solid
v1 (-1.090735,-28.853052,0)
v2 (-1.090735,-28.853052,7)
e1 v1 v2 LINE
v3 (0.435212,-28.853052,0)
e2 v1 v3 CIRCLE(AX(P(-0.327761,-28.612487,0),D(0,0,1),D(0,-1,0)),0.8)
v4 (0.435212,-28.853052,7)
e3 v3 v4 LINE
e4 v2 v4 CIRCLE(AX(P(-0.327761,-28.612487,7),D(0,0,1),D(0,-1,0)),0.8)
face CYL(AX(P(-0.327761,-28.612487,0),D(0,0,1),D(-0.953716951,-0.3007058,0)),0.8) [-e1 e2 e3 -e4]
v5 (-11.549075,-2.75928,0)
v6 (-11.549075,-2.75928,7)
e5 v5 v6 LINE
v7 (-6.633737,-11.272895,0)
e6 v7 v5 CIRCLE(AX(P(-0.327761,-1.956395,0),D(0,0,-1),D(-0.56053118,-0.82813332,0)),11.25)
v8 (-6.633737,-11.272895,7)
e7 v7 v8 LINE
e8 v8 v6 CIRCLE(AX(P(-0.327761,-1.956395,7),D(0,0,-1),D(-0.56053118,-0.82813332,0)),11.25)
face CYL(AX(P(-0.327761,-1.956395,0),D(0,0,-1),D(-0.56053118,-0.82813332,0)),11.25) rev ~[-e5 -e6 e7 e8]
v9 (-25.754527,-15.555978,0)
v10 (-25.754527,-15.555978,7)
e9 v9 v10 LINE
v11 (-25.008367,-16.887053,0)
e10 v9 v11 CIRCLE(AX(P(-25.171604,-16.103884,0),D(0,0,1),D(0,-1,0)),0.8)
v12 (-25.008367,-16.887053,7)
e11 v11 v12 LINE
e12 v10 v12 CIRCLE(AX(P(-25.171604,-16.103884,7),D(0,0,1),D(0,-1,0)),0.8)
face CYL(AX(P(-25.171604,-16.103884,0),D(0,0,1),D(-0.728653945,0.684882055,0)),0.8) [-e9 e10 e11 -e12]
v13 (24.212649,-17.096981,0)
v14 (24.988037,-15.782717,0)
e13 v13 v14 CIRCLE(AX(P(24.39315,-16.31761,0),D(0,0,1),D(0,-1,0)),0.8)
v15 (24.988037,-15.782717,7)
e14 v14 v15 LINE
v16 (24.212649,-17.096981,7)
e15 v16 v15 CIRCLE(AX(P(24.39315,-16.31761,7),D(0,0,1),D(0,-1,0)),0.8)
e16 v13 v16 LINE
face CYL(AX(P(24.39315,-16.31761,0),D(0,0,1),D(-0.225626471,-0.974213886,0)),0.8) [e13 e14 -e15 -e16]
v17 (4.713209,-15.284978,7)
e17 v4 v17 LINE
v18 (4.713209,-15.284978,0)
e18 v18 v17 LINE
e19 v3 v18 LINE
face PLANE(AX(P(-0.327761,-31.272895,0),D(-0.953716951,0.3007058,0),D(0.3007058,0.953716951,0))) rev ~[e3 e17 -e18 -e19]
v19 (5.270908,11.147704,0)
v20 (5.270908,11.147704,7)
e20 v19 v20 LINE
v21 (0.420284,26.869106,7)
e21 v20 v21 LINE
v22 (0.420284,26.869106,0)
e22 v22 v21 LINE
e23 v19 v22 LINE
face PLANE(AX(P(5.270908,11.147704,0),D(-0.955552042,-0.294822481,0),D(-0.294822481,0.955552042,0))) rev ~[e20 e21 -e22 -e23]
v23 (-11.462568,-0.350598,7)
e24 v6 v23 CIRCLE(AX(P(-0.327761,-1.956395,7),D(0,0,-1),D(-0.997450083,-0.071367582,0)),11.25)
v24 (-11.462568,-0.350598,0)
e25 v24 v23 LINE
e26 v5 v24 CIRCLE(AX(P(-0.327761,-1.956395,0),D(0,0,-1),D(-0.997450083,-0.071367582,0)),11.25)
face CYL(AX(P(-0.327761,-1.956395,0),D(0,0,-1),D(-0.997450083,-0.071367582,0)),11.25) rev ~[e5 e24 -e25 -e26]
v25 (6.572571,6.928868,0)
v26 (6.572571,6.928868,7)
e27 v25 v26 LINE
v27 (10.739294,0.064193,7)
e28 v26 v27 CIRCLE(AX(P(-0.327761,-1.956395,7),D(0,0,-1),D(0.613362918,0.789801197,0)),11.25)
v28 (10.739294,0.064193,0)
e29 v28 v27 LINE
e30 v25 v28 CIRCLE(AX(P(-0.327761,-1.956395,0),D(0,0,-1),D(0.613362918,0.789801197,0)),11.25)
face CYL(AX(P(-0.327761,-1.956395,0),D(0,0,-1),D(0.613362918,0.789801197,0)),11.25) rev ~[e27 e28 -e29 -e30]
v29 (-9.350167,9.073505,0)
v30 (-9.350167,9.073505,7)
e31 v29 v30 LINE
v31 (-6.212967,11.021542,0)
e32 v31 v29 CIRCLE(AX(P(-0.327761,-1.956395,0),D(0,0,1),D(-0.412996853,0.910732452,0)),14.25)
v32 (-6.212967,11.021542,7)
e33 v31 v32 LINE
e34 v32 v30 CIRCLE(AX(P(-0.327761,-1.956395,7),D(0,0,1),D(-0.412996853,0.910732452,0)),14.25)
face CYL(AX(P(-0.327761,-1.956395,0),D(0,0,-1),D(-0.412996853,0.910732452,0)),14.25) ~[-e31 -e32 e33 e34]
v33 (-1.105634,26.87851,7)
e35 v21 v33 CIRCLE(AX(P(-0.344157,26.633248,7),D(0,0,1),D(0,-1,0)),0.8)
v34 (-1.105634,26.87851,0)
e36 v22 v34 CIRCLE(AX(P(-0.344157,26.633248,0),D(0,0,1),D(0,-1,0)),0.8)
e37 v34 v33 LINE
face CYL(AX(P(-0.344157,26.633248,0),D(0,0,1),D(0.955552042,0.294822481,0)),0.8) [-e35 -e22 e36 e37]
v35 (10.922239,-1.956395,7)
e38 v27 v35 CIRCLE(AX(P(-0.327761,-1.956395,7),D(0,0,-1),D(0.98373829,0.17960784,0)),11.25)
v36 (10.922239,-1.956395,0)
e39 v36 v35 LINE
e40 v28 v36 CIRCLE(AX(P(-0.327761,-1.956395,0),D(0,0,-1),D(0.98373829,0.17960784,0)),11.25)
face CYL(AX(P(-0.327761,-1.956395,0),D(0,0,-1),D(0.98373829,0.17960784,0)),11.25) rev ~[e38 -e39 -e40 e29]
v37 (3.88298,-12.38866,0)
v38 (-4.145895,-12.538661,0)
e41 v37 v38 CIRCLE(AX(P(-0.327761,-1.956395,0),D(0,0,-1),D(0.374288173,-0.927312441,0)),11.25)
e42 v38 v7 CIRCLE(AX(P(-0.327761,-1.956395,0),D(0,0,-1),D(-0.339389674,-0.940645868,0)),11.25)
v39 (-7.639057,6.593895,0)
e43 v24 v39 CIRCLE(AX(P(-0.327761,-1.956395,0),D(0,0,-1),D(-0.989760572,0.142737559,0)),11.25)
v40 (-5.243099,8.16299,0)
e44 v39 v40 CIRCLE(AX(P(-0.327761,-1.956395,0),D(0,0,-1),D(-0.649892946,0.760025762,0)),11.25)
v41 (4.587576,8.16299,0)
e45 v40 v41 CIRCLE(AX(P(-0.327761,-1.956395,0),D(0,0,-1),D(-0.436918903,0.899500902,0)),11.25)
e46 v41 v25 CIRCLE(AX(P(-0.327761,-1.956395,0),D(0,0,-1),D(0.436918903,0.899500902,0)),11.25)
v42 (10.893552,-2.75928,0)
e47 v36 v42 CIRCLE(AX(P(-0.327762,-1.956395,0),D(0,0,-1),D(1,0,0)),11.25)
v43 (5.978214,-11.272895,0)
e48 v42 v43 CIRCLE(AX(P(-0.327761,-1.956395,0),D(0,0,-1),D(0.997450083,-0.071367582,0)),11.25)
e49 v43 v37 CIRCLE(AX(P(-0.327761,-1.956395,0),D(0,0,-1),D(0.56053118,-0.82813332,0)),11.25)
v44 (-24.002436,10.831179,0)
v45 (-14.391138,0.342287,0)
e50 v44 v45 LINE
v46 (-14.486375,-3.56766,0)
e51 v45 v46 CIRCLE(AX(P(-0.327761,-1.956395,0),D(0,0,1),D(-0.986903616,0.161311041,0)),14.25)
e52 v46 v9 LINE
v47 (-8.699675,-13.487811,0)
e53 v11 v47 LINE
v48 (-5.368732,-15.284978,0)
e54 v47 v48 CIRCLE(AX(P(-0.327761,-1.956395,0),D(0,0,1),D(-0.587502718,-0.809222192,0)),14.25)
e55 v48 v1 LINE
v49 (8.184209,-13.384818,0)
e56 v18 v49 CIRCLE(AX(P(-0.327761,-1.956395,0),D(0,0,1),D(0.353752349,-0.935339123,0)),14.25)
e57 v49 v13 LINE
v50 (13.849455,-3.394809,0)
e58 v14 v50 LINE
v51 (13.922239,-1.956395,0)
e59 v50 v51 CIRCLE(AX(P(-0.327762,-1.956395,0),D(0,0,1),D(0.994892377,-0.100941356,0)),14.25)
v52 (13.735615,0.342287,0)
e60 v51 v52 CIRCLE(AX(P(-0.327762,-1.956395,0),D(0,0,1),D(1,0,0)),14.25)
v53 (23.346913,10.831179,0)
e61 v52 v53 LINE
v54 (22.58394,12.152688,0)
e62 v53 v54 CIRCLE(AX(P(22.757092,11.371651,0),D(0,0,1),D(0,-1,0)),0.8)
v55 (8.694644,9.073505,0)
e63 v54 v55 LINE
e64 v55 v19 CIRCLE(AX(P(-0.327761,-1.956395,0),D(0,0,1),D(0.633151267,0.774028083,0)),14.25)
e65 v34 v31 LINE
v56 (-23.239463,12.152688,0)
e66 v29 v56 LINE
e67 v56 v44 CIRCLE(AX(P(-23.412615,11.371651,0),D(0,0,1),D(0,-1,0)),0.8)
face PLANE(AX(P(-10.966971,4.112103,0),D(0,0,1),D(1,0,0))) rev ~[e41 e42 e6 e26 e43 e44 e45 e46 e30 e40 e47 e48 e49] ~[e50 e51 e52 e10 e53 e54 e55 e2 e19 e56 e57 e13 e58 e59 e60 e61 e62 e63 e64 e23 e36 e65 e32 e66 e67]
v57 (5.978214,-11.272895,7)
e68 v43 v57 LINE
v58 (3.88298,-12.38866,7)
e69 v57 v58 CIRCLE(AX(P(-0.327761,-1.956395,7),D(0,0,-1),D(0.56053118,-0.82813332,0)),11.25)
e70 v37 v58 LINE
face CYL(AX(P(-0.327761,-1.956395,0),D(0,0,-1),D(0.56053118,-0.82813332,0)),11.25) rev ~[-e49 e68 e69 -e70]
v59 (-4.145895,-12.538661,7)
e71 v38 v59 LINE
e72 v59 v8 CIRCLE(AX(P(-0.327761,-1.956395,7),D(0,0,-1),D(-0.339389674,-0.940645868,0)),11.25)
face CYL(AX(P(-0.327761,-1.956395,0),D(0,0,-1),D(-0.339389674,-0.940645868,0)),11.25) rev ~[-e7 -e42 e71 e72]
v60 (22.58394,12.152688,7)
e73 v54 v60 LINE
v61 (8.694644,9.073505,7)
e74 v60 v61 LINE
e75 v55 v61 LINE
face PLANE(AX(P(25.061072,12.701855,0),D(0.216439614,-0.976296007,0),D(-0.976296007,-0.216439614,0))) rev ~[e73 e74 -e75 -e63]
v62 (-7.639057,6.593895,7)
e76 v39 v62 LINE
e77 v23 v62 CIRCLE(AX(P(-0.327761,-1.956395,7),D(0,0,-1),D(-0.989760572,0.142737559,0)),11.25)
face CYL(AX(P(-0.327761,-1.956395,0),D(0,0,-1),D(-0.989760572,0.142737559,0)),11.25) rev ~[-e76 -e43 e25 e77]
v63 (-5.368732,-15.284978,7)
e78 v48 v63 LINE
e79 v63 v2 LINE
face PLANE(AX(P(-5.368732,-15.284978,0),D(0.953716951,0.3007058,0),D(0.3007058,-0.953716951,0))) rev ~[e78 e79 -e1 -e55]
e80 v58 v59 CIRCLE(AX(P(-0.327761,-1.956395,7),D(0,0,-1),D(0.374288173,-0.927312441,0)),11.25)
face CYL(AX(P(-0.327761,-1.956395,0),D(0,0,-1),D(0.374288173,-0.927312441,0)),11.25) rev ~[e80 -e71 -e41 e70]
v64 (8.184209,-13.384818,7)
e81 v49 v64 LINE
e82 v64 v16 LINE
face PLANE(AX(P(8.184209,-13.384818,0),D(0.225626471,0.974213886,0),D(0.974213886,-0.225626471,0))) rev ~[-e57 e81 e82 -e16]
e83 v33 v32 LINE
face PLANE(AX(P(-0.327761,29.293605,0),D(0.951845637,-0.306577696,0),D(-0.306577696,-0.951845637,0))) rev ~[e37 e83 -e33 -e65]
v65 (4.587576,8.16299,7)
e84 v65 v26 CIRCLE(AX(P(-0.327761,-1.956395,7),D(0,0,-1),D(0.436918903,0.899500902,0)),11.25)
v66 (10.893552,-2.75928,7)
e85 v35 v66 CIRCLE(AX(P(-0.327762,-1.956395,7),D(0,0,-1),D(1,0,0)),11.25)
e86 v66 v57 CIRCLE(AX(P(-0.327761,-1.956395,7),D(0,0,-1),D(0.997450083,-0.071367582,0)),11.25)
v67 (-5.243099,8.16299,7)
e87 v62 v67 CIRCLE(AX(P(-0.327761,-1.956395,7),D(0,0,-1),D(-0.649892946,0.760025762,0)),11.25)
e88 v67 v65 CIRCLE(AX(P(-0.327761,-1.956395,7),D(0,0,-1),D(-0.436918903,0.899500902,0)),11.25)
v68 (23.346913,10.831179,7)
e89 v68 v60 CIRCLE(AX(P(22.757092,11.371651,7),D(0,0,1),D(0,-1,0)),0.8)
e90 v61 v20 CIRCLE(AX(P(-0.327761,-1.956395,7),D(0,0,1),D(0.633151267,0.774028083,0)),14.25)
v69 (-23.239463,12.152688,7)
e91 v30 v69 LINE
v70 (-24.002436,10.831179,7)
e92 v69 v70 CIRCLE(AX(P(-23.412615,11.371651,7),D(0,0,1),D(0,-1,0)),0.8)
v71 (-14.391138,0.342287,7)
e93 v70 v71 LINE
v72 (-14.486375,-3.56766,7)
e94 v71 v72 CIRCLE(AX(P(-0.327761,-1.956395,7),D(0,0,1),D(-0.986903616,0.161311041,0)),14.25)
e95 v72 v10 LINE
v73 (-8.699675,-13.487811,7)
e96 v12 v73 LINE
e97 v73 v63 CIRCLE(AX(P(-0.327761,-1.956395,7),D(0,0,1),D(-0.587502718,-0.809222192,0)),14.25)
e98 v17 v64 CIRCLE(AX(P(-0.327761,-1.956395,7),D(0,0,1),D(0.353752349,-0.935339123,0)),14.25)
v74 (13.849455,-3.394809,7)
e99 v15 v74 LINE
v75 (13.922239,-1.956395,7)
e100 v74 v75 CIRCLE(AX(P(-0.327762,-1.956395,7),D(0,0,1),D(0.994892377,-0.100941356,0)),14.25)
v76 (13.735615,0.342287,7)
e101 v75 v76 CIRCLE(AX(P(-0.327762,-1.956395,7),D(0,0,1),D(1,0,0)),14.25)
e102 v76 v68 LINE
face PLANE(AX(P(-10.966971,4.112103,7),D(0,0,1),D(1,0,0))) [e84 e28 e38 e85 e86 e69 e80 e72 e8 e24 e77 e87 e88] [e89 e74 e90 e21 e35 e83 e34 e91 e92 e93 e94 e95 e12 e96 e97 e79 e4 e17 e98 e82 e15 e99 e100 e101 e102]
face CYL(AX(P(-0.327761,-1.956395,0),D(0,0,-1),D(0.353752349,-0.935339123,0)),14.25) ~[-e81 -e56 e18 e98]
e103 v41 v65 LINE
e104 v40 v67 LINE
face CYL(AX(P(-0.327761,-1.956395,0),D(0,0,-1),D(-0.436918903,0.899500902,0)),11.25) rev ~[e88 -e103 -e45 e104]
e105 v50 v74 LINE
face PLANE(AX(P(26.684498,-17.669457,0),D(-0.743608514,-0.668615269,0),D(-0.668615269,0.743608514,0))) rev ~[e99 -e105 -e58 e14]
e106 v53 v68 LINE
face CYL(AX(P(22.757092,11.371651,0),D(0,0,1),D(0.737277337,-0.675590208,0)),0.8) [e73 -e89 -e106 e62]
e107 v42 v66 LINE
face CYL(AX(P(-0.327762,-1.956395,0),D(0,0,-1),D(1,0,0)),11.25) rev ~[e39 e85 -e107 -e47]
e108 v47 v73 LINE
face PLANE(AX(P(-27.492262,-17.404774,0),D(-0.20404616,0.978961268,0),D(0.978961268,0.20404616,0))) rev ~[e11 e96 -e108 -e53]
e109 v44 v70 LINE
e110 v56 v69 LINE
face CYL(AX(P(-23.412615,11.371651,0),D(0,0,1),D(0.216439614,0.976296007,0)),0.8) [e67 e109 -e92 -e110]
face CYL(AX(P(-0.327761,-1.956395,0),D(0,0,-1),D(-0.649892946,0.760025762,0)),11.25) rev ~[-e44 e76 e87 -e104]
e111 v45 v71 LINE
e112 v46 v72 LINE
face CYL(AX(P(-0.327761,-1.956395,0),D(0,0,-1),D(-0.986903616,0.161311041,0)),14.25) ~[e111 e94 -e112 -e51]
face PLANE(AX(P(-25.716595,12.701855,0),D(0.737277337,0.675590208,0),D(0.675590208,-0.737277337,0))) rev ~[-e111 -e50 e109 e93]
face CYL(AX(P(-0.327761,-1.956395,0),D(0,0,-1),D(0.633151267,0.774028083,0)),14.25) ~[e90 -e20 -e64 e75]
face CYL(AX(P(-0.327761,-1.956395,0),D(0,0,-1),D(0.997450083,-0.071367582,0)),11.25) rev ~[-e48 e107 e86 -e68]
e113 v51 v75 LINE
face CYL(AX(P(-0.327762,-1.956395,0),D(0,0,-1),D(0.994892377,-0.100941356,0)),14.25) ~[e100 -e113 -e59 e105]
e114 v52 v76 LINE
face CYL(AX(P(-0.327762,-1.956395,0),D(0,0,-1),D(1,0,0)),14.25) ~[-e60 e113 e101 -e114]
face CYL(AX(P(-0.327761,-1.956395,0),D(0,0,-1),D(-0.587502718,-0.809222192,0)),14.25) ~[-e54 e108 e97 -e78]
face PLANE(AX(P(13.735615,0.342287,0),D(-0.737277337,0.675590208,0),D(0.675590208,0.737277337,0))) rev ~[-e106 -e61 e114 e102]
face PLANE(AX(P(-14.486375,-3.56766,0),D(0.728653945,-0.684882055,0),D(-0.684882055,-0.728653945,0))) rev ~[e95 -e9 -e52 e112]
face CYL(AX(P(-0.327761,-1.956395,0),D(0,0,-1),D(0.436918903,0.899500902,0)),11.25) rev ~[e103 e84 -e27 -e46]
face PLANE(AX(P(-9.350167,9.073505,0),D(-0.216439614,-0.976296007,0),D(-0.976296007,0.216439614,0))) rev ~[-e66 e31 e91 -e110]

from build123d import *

# Parameters (mm, degrees)
F1_DEPTH = 7
F2_R     = 0.8


with BuildPart() as f1:
    # F0 (on Top) → F1 (new body)
    with BuildSketch(Plane.XY):
        with BuildLine():
            ThreePointArc((-11.4625679205, -0.3505975239), (-10.1827685271, 3.4695920645), (-7.6390571339, 6.5938947591))
            Line((-7.6390571339, 6.5938947591), (-7.0076714784, 8.5541863531))
            Line((-7.0076714784, 8.5541863531), (-9.3501670475, 9.0735051181))
            ThreePointArc((-9.3501670475, 9.0735051181), (-12.6686234927, 5.1686049402), (-14.3911380233, 0.3422872683))
            Line((-14.3911380233, 0.3422872683), (-12.6239753734, -1.5862323543))
            Line((-12.6239753734, -1.5862323543), (-11.4625679205, -0.3505975239))
        make_face()
        with BuildLine():
            Line((-9.3501670475, 9.0735051181), (-7.0076714784, 8.5541863531))
            Line((-7.0076714784, 8.5541863531), (-6.212966645, 11.0215423829))
            ThreePointArc((-6.212966645, 11.0215423829), (-7.8449369293, 10.1495775734), (-9.3501670475, 9.0735051181))
        make_face()
        with BuildLine():
            ThreePointArc((4.5875761687, 8.1629900852), (5.6122116866, 7.5976207804), (6.5725713376, 6.9288684076))
            Line((6.5725713376, 6.9288684076), (6.0890948615, 8.4958687653))
            Line((6.0890948615, 8.4958687653), (4.5875761687, 8.1629900852))
        make_face()
        with BuildLine():
            ThreePointArc((6.5725713376, 6.9288684076), (9.289291325, 3.8809669452), (10.7392942766, 0.0641931433))
            Line((10.7392942766, 0.0641931433), (12.0970688249, -1.445872152))
            Line((12.0970688249, -1.445872152), (13.7356150459, 0.3422872683))
            ThreePointArc((13.7356150459, 0.3422872683), (12.0131005152, 5.1686049402), (8.69464407, 9.0735051181))
            Line((8.69464407, 9.0735051181), (6.0890948615, 8.4958687653))
            Line((6.0890948615, 8.4958687653), (6.5725713376, 6.9288684076))
        make_face()
        with BuildLine():
            Line((5.5077684532, -12.764958479), (5.9782142888, -11.2728949118))
            ThreePointArc((5.9782142888, -11.2728949118), (4.960108675, -11.8861951148), (3.8829804579, -12.3886600229))
            Line((3.8829804579, -12.3886600229), (5.5077684532, -12.764958479))
        make_face()
        with BuildLine():
            Line((5.5077684532, -12.764958479), (3.8829804579, -12.3886600229))
            ThreePointArc((3.8829804579, -12.3886600229), (-0.1176178174, -13.2044322058), (-4.1458953177, -12.5386610773))
            Line((-4.1458953177, -12.5386610773), (-6.1058388942, -12.9471746451))
            Line((-6.1058388942, -12.9471746451), (-5.3687324646, -15.2849775659))
            ThreePointArc((-5.3687324646, -15.2849775659), (-0.3277614887, -16.2063950598), (4.7132094871, -15.2849775659))
            Line((4.7132094871, -15.2849775659), (5.5077684532, -12.764958479))
        make_face()
        with BuildLine():
            ThreePointArc((-11.5490749237, -2.7592803529), (-11.5705130255, -1.552615562), (-11.4625679205, -0.3505975239))
            Line((-11.4625679205, -0.3505975239), (-12.6239753734, -1.5862323543))
            Line((-12.6239753734, -1.5862323543), (-11.5490749237, -2.7592803529))
        make_face()
        with BuildLine():
            ThreePointArc((-14.3911380233, 0.3422872683), (-12.6686234927, 5.1686049402), (-9.3501670475, 9.0735051181))
            Line((-9.3501670475, 9.0735051181), (-25.7165951106, 12.7018548662))
            Line((-25.7165951106, 12.7018548662), (-14.3911380233, 0.3422872683))
        make_face()
        with BuildLine():
            ThreePointArc((-6.212966645, 11.0215423829), (-0.4843019286, 12.2927450929), (5.270907541, 11.1477037301))
            Line((5.270907541, 11.1477037301), (-0.3277614887, 29.2936049402))
            Line((-0.3277614887, 29.2936049402), (-6.212966645, 11.0215423829))
        make_face()
        with BuildLine():
            ThreePointArc((8.69464407, 9.0735051181), (12.0131005152, 5.1686049402), (13.7356150459, 0.3422872683))
            Line((13.7356150459, 0.3422872683), (25.0610721332, 12.7018548662))
            Line((25.0610721332, 12.7018548662), (8.69464407, 9.0735051181))
        make_face()
        with BuildLine():
            Line((26.6844982561, -17.6694572527), (13.8494548887, -3.3948093907))
            ThreePointArc((13.8494548887, -3.3948093907), (12.0677970589, -8.9858067203), (8.1842092496, -13.3848181422))
            Line((8.1842092496, -13.3848181422), (26.6844982561, -17.6694572527))
        make_face()
        with BuildLine():
            Line((-0.3277614887, -31.2728949118), (4.7132094871, -15.2849775659))
            ThreePointArc((4.7132094871, -15.2849775659), (-0.3277614887, -16.2063950598), (-5.3687324646, -15.2849775659))
            Line((-5.3687324646, -15.2849775659), (-0.3277614887, -31.2728949118))
        make_face()
        with BuildLine():
            Line((-27.4922617986, -17.4047743572), (-8.6996752228, -13.4878112968))
            ThreePointArc((-8.6996752228, -13.4878112968), (-12.6366407208, -9.136505926), (-14.4863745566, -3.5676603994))
            Line((-14.4863745566, -3.5676603994), (-27.4922617986, -17.4047743572))
        make_face()
        with BuildLine():
            Line((-5.3687324646, -15.2849775659), (-6.1058388942, -12.9471746451))
            Line((-6.1058388942, -12.9471746451), (-8.6996752228, -13.4878112968))
            ThreePointArc((-8.6996752228, -13.4878112968), (-7.0941357549, -14.4974747299), (-5.3687324646, -15.2849775659))
        make_face()
        with BuildLine():
            Line((13.7356150459, 0.3422872683), (12.0970688249, -1.445872152))
            Line((12.0970688249, -1.445872152), (13.8494548887, -3.3948093907))
            ThreePointArc((13.8494548887, -3.3948093907), (13.9040309735, -2.6765223477), (13.9222385113, -1.9563950598))
            ThreePointArc((13.9222385113, -1.9563950598), (13.8755060159, -0.8032722602), (13.7356150459, 0.3422872683))
        make_face()
        with BuildLine():
            Line((-14.4863745566, -3.5676603994), (-12.6239753734, -1.5862323543))
            Line((-12.6239753734, -1.5862323543), (-14.3911380233, 0.3422872683))
            ThreePointArc((-14.3911380233, 0.3422872683), (-14.5735361946, -1.6094036646), (-14.4863745566, -3.5676603994))
        make_face()
        with BuildLine():
            Line((-6.1058388942, -12.9471746451), (-6.6337372663, -11.2728949118))
            ThreePointArc((-6.6337372663, -11.2728949118), (-10.0705472813, -7.5813950598), (-11.5490749237, -2.7592803529))
            Line((-11.5490749237, -2.7592803529), (-12.6239753734, -1.5862323543))
            Line((-12.6239753734, -1.5862323543), (-14.4863745566, -3.5676603994))
            ThreePointArc((-14.4863745566, -3.5676603994), (-12.6366407208, -9.136505926), (-8.6996752228, -13.4878112968))
            Line((-8.6996752228, -13.4878112968), (-6.1058388942, -12.9471746451))
        make_face()
        with BuildLine():
            Line((-6.1058388942, -12.9471746451), (-4.1458953177, -12.5386610773))
            ThreePointArc((-4.1458953177, -12.5386610773), (-5.4292259674, -11.9832370438), (-6.6337372663, -11.2728949118))
            Line((-6.6337372663, -11.2728949118), (-6.1058388942, -12.9471746451))
        make_face()
        with BuildLine():
            Line((8.1842092496, -13.3848181422), (5.5077684532, -12.764958479))
            Line((5.5077684532, -12.764958479), (4.7132094871, -15.2849775659))
            ThreePointArc((4.7132094871, -15.2849775659), (6.5149871356, -14.4559667031), (8.1842092496, -13.3848181422))
        make_face()
        with BuildLine():
            Line((12.0970688249, -1.445872152), (10.8935519463, -2.7592803529))
            ThreePointArc((10.8935519463, -2.7592803529), (9.4150243038, -7.5813950598), (5.9782142888, -11.2728949118))
            Line((5.9782142888, -11.2728949118), (5.5077684532, -12.764958479))
            Line((5.5077684532, -12.764958479), (8.1842092496, -13.3848181422))
            ThreePointArc((8.1842092496, -13.3848181422), (12.0677970589, -8.9858067203), (13.8494548887, -3.3948093907))
            Line((13.8494548887, -3.3948093907), (12.0970688249, -1.445872152))
        make_face()
        with BuildLine():
            ThreePointArc((10.7392942766, 0.0641931433), (10.8764091044, -0.9419684632), (10.9222385113, -1.9563950598))
            ThreePointArc((10.9222385113, -1.9563950598), (10.9150645827, -2.3580938627), (10.8935519463, -2.7592803529))
            Line((10.8935519463, -2.7592803529), (12.0970688249, -1.445872152))
            Line((12.0970688249, -1.445872152), (10.7392942766, 0.0641931433))
        make_face()
        with BuildLine():
            ThreePointArc((-5.2430991461, 8.1629900852), (-0.3277614887, 9.2936049402), (4.5875761687, 8.1629900852))
            Line((4.5875761687, 8.1629900852), (6.0890948615, 8.4958687653))
            Line((6.0890948615, 8.4958687653), (5.270907541, 11.1477037301))
            ThreePointArc((5.270907541, 11.1477037301), (-0.4843019286, 12.2927450929), (-6.212966645, 11.0215423829))
            Line((-6.212966645, 11.0215423829), (-7.0076714784, 8.5541863531))
            Line((-7.0076714784, 8.5541863531), (-5.2430991461, 8.1629900852))
        make_face()
        with BuildLine():
            Line((5.270907541, 11.1477037301), (6.0890948615, 8.4958687653))
            Line((6.0890948615, 8.4958687653), (8.69464407, 9.0735051181))
            ThreePointArc((8.69464407, 9.0735051181), (7.0559726953, 10.2314254795), (5.270907541, 11.1477037301))
        make_face()
        with BuildLine():
            ThreePointArc((-7.6390571339, 6.5938947591), (-6.4912147022, 7.4549993366), (-5.2430991461, 8.1629900852))
            Line((-5.2430991461, 8.1629900852), (-7.0076714784, 8.5541863531))
            Line((-7.0076714784, 8.5541863531), (-7.6390571339, 6.5938947591))
        make_face()
    extrude(amount=F1_DEPTH)

    # F2
    f2_edges = [f1.edges().sort_by_distance(p)[0] for p in [
        (-0.327761, -31.272895, 3.5),
        (26.684498, -17.669457, 3.5),
        (25.061072, 12.701855, 3.5),
        (-27.492262, -17.404774, 3.5),
        (-25.716595, 12.701855, 3.5),
        (-0.327761, 29.293605, 3.5),
    ]]
    fillet(f2_edges, radius=F2_R)


solid = f1.part
